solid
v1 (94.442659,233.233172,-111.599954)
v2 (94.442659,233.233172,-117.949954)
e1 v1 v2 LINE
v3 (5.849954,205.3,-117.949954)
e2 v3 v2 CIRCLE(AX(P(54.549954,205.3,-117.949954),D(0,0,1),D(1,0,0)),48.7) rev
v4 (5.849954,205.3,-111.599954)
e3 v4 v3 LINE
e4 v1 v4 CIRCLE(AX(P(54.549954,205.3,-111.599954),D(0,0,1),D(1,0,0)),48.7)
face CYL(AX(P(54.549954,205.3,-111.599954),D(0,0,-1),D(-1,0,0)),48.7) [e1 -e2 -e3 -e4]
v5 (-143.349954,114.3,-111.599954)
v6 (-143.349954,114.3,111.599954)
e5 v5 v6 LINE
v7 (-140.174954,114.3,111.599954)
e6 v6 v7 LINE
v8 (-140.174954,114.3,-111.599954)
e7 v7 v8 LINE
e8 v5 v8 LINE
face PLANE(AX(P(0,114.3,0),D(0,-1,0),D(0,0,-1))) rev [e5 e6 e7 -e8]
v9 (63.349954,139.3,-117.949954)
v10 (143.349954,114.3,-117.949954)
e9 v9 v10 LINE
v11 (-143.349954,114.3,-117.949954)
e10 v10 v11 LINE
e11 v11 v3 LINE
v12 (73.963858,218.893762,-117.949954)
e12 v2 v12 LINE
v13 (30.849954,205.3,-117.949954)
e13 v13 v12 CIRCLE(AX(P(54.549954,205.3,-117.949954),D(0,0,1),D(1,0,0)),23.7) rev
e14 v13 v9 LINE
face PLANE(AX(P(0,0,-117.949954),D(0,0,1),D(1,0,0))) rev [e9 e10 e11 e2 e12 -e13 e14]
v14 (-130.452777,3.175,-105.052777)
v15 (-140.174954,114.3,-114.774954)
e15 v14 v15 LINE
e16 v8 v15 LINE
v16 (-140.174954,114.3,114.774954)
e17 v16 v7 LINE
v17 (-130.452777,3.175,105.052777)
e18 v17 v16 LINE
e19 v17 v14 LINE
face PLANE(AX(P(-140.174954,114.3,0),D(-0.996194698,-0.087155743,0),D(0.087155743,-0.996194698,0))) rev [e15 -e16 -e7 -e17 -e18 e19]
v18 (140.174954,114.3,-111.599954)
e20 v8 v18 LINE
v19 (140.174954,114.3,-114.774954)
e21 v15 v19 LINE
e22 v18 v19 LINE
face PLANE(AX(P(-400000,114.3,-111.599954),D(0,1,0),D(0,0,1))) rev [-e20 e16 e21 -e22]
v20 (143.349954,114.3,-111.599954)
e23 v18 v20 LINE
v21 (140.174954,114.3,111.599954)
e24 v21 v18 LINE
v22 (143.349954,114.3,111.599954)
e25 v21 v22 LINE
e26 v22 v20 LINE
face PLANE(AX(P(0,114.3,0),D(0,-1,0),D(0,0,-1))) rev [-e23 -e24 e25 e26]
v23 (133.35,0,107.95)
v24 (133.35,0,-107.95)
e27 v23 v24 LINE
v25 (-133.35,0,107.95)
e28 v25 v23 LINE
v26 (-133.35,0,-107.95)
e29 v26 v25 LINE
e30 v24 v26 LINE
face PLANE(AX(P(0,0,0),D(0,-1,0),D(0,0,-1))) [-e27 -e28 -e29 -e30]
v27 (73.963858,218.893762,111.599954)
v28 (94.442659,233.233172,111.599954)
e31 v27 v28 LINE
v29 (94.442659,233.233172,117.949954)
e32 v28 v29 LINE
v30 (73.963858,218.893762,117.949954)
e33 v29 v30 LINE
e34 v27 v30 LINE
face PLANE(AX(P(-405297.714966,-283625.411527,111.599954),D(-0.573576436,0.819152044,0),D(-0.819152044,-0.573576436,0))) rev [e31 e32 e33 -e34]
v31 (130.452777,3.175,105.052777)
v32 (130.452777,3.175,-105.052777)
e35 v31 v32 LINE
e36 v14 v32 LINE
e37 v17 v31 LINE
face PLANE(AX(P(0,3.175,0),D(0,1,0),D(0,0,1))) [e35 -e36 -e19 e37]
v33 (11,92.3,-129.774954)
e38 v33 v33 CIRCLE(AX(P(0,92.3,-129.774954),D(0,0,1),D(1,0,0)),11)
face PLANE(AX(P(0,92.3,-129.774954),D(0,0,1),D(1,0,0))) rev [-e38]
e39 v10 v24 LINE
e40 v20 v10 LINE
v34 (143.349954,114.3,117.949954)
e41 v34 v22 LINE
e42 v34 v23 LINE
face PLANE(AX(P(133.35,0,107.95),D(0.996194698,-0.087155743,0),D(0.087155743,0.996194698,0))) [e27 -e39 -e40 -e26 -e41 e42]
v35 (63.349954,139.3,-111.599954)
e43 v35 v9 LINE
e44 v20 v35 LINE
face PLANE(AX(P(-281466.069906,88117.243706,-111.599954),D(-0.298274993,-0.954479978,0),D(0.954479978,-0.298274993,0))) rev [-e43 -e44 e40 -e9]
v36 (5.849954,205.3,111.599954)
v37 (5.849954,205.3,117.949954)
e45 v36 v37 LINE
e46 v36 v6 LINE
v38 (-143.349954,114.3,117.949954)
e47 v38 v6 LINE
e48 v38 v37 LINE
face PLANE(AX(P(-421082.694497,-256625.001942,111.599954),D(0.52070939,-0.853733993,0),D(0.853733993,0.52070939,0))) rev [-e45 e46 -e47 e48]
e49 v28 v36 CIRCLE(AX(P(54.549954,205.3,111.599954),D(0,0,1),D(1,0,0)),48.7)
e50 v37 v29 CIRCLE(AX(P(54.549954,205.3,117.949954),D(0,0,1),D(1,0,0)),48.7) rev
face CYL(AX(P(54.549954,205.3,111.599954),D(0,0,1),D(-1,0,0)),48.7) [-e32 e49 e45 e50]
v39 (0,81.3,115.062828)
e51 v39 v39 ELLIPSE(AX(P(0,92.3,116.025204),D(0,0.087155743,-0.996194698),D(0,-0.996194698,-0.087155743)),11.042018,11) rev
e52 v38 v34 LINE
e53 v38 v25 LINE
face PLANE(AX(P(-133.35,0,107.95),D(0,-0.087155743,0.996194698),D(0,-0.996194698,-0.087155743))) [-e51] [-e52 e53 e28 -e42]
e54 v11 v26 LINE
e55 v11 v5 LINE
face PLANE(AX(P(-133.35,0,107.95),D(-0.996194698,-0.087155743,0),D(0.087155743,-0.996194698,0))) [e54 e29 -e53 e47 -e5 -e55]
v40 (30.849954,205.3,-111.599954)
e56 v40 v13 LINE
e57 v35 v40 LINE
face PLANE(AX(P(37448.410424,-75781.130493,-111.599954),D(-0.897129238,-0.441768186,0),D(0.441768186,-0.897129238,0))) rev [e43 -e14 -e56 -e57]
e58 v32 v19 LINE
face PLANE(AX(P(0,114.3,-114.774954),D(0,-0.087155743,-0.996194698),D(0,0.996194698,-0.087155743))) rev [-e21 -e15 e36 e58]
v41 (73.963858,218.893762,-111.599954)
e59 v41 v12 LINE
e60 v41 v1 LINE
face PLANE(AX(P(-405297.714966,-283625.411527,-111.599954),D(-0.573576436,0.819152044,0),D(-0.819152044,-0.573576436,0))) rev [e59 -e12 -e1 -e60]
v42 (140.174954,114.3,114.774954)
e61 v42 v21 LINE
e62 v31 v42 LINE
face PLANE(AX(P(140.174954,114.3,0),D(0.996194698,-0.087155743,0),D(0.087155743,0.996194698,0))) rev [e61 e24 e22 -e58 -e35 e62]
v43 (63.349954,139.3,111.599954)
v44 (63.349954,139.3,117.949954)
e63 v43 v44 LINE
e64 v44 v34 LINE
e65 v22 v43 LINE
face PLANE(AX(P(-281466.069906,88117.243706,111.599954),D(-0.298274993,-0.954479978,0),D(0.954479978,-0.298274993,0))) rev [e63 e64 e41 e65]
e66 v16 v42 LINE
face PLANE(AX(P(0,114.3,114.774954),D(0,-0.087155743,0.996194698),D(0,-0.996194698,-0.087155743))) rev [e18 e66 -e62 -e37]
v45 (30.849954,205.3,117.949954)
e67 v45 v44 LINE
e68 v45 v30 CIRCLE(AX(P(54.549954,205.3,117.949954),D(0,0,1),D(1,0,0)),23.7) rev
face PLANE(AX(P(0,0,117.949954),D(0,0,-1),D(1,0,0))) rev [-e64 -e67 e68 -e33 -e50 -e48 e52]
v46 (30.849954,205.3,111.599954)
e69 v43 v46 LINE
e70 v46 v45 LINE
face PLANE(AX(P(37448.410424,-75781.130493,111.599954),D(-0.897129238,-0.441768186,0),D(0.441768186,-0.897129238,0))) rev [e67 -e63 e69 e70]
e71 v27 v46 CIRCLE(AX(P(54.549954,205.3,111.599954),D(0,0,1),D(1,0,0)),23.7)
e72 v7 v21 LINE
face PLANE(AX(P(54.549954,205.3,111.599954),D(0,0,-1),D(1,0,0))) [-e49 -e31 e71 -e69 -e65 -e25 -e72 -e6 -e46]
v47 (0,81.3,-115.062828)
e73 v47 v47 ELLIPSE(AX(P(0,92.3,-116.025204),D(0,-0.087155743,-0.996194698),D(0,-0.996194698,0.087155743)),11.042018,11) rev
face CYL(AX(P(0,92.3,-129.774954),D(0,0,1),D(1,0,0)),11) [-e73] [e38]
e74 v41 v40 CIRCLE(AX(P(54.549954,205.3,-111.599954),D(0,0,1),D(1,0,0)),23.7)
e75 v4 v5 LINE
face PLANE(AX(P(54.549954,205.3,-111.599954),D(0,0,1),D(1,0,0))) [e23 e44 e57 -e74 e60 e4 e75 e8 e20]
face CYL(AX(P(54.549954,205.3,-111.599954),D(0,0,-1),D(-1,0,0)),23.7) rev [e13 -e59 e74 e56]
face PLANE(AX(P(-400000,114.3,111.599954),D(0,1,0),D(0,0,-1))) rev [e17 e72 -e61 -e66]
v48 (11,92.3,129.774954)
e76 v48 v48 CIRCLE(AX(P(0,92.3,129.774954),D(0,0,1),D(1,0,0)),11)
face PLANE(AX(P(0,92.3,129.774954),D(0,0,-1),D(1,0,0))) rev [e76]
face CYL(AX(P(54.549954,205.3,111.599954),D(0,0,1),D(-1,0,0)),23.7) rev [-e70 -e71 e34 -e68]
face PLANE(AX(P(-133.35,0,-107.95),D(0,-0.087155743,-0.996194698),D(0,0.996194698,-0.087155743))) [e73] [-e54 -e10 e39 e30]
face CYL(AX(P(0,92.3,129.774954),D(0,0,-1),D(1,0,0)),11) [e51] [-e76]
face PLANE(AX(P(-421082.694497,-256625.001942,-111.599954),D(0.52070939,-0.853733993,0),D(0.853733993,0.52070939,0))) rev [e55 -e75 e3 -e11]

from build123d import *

# Parameters (mm, degrees)
SKETCH1_W           = 266.7
SKETCH1_H           = 215.9
SKETCH1_W_2         = 260.35
SKETCH1_H_2         = 209.55
BOSS_EXTRUDE1_DEPTH = 114.3
BOSS_EXTRUDE1_TAPER = -5
SKETCH1_5_W         = 260.35
SKETCH1_5_H         = 209.55
BOSS_EXTRUDE2_DEPTH = 3.175
BOSS_EXTRUDE2_TAPER = -5
SKETCH3_W           = 280.349908482
SKETCH3_H           = 229.549908482
SKETCH3_W_2         = 240.350091518
SKETCH3_H_2         = 189.550091518
CUT_EXTRUDE1_DEPTH  = 111.125
CUT_EXTRUDE1_TAPER  = 5
BOSS_EXTRUDE3_START = -114.774954
BOSS_EXTRUDE3_DEPTH = 3.175
BOSS_EXTRUDE4_START = -114.774954
SKETCH7_R           = 11
BOSS_EXTRUDE4_DEPTH = 15


with BuildPart() as part:
    # Sketch1 → Boss-Extrude1 (new body)
    with BuildSketch(Plane(origin=(0, 0, 0), x_dir=(1, 0, 0), z_dir=(0, 1, 0))):
        Rectangle(SKETCH1_W, SKETCH1_H)
        Rectangle(SKETCH1_W_2, SKETCH1_H_2, mode=Mode.SUBTRACT)
    extrude(amount=BOSS_EXTRUDE1_DEPTH, taper=BOSS_EXTRUDE1_TAPER)

    # Sketch1<5> → Boss-Extrude2 (add)
    with BuildSketch(Plane(origin=(0, 0, 0), x_dir=(1, 0, 0), z_dir=(0, 1, 0))):
        Rectangle(SKETCH1_5_W, SKETCH1_5_H)
    extrude(amount=BOSS_EXTRUDE2_DEPTH, taper=BOSS_EXTRUDE2_TAPER)

    # Sketch3 → Cut-Extrude1 (cut)
    with BuildSketch(Plane(origin=(0, 114.3, 0), x_dir=(1, 0, 0), z_dir=(0, 1, 0))):
        Rectangle(SKETCH3_W, SKETCH3_H)
        Rectangle(SKETCH3_W_2, SKETCH3_H_2, mode=Mode.SUBTRACT)
    extrude(amount=-CUT_EXTRUDE1_DEPTH, taper=CUT_EXTRUDE1_TAPER, mode=Mode.SUBTRACT)

    # Sketch5 → Boss-Extrude3 (add, symmetric)
    with BuildSketch(Plane.XY.offset(BOSS_EXTRUDE3_START)):
        with BuildLine():
            Line((-143.349954241, 114.3), (5.849954241, 205.3))
            ThreePointArc((5.849954241, 205.3), (39.905581805, 251.746015501), (94.442658798, 233.23317245))
            Line((94.442658798, 233.23317245), (73.963857691, 218.893761542))
            ThreePointArc((73.963857691, 218.893761542), (47.423226793, 227.903091733), (30.849954241, 205.3))
            Line((30.849954241, 205.3), (63.349954241, 139.3))
            Line((63.349954241, 139.3), (143.349954241, 114.3))
            Line((143.349954241, 114.3), (-143.349954241, 114.3))
        make_face()
    boss_extrude3 = extrude(amount=BOSS_EXTRUDE3_DEPTH, both=True)

    # Sketch7 → Boss-Extrude4 (add)
    with BuildSketch(Plane.XY.offset(BOSS_EXTRUDE4_START)):
        with Locations((0, 92.3)):
            Circle(SKETCH7_R)
    boss_extrude4 = extrude(amount=-BOSS_EXTRUDE4_DEPTH)

    # Mirror5: Boss-Extrude3, Boss-Extrude4 across plane
    add(boss_extrude3.mirror(Plane.XY))
    add(boss_extrude4.mirror(Plane.XY))


solid = part.part
